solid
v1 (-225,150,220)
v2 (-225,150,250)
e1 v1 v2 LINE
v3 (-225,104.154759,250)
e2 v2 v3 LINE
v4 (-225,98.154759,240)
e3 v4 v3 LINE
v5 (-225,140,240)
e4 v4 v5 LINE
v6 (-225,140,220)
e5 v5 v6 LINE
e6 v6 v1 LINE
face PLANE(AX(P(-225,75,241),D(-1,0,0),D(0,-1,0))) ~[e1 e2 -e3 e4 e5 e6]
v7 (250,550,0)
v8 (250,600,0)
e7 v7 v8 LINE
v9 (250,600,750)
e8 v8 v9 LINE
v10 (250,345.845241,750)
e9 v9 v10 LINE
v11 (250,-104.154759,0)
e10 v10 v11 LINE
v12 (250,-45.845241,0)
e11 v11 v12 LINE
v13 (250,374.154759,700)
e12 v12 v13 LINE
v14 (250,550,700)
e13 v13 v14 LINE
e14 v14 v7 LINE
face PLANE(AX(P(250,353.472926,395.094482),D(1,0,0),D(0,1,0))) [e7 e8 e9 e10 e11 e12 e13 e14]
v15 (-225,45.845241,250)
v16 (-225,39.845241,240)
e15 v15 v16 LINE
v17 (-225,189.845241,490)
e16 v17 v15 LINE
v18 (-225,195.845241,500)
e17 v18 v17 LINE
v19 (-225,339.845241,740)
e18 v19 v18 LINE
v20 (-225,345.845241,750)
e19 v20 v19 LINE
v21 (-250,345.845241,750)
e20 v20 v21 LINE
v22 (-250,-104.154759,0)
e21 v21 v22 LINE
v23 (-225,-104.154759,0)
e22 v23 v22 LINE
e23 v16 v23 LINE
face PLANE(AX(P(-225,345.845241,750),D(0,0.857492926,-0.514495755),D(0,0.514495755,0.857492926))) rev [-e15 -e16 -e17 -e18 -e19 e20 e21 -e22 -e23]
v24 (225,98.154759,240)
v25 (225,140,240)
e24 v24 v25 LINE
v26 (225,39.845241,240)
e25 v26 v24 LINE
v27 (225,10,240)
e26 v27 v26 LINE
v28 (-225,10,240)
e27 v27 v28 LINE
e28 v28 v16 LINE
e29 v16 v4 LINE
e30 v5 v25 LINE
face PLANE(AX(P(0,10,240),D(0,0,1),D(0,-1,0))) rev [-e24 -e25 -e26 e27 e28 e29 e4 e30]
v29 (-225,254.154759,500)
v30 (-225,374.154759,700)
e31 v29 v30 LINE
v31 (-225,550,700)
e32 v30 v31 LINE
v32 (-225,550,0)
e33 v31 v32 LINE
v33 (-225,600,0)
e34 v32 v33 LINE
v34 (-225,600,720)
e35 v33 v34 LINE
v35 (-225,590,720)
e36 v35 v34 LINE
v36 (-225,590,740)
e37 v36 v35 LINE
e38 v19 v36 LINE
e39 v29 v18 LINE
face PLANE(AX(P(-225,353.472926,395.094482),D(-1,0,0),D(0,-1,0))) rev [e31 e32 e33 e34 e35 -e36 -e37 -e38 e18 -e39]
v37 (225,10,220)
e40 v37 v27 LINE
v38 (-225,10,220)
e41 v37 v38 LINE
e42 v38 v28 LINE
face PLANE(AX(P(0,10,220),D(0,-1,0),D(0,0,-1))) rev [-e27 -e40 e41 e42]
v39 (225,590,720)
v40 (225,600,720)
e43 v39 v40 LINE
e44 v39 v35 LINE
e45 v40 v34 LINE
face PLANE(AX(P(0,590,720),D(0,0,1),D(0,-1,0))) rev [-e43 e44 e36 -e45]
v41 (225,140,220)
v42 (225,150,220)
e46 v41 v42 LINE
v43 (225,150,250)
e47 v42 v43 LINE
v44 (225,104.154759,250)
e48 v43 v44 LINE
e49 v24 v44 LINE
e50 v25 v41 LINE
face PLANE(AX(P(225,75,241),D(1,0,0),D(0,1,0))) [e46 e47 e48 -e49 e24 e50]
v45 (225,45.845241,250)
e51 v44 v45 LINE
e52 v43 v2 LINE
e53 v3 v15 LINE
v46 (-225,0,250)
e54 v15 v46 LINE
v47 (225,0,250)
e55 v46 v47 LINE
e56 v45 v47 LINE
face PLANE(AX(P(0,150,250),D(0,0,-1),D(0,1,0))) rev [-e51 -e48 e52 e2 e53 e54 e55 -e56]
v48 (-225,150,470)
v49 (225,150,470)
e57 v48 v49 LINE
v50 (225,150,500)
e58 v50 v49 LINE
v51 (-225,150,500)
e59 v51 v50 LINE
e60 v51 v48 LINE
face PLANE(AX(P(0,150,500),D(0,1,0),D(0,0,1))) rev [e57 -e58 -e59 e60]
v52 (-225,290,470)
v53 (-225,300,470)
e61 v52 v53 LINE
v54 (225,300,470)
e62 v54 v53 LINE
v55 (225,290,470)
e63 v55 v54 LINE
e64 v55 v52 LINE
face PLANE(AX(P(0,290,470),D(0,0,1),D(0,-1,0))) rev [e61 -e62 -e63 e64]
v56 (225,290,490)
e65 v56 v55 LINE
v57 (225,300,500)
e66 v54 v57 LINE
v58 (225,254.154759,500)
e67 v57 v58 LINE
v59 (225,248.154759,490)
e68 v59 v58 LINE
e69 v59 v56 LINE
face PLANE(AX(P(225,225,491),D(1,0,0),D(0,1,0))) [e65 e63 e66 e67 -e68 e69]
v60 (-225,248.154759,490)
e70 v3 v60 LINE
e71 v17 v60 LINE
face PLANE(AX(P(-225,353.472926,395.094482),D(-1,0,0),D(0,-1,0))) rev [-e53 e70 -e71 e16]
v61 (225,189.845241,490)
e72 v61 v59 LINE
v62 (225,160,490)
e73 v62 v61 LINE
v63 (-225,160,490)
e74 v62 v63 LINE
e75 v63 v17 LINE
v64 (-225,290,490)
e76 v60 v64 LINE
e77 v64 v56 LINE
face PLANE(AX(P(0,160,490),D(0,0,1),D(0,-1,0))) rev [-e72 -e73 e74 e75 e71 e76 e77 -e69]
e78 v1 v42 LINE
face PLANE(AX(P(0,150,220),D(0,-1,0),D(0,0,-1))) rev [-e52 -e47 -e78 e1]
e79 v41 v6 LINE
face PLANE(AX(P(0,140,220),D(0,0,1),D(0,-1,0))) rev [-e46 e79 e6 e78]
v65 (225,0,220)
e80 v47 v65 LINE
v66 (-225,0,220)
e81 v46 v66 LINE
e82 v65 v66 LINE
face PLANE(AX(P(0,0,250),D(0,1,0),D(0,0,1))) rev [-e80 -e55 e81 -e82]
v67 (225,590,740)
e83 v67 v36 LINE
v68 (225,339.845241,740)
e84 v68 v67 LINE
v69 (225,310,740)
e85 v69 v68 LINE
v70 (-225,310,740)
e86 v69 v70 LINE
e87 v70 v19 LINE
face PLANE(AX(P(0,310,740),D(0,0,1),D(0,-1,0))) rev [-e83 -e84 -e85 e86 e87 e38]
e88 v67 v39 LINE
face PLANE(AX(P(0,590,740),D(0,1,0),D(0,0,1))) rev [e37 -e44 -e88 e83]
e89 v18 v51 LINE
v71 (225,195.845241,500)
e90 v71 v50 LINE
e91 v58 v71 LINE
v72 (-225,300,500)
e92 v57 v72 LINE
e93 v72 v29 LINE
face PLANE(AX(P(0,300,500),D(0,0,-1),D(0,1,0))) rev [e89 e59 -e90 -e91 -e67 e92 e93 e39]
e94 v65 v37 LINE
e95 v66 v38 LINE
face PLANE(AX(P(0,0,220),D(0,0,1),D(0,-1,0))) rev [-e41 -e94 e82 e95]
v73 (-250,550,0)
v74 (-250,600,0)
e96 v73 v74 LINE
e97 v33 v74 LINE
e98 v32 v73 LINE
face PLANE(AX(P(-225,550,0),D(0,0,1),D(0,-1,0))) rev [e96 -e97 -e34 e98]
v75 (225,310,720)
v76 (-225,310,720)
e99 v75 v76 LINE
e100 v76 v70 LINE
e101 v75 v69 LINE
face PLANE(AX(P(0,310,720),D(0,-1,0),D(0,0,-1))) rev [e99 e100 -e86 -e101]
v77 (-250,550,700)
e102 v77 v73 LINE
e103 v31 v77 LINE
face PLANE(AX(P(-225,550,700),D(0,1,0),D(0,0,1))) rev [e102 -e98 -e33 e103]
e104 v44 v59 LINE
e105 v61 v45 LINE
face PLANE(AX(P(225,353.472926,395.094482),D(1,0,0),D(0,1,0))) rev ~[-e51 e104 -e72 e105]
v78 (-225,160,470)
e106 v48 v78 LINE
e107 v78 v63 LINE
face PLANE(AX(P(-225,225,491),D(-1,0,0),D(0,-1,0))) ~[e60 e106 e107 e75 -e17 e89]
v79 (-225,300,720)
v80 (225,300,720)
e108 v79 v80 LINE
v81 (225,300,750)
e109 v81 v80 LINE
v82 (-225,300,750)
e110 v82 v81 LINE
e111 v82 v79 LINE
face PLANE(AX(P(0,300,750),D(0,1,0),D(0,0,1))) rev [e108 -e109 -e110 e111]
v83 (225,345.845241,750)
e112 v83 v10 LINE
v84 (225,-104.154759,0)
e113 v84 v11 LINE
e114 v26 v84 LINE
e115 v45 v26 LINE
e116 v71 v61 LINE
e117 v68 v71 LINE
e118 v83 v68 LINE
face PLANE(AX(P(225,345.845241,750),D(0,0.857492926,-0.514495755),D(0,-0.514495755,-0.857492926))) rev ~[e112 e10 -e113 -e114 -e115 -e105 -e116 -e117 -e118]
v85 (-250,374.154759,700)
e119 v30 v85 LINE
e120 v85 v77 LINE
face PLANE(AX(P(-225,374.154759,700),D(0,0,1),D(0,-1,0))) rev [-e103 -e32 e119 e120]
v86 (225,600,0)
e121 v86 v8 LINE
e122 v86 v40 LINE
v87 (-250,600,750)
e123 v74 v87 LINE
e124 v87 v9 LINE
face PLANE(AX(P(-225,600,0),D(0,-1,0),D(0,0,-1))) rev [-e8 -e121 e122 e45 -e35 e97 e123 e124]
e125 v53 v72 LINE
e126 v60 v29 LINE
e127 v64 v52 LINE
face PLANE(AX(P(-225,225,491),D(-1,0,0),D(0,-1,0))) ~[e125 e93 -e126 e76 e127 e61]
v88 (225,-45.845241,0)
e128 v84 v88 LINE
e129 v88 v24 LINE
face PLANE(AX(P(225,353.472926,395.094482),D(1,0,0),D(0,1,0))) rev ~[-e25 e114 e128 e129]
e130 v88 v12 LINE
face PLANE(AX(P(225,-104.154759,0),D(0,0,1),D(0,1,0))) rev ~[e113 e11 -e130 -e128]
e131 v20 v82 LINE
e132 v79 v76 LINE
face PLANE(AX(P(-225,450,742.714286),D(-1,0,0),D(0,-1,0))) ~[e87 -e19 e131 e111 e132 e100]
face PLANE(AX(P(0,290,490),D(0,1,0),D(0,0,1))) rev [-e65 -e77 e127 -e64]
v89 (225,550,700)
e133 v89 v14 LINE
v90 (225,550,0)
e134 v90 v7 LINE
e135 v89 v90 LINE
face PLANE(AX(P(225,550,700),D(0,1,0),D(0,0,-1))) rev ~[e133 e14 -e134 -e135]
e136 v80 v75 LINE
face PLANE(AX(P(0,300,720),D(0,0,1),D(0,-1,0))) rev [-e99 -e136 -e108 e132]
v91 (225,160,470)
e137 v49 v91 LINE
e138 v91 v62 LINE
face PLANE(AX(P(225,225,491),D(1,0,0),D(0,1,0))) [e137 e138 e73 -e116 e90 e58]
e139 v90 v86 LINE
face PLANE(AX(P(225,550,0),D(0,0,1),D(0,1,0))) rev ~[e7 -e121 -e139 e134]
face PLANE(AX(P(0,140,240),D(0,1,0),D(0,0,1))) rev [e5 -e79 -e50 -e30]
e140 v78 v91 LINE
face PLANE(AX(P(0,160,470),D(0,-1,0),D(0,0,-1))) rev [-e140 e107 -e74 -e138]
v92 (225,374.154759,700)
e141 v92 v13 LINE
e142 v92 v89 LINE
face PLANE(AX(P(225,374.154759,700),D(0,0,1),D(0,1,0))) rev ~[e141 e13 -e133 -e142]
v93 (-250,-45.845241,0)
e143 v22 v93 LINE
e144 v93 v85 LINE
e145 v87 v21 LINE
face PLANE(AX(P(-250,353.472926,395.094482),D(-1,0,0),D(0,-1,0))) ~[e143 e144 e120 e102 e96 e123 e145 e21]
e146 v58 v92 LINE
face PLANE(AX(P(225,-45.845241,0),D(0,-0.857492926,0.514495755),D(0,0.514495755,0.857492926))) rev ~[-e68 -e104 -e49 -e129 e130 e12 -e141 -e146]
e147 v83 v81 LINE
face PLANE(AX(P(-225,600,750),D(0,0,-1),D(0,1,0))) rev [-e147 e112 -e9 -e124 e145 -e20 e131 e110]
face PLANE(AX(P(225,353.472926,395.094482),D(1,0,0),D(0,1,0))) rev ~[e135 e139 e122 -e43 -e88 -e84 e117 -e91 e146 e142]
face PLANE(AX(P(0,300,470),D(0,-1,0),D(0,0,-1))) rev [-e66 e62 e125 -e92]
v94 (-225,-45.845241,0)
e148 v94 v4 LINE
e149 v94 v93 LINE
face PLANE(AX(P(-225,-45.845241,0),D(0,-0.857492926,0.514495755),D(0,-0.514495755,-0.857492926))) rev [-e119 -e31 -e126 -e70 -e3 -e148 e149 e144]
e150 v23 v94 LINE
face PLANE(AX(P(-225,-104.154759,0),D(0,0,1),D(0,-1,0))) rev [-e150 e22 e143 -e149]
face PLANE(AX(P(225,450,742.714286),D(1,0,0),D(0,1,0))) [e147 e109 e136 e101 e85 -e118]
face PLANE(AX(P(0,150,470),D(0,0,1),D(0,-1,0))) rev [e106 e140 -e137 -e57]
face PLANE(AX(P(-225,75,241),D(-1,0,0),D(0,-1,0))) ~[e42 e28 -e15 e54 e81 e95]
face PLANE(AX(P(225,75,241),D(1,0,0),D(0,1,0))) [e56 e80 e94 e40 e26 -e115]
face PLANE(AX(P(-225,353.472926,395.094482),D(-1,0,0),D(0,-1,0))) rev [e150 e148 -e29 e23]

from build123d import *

# Parameters (mm, degrees)
F1_DEPTH = 225
F3_DEPTH = 25


with BuildPart() as f1:
    # F0 (on Right) → F1 (new body)
    with BuildSketch(Plane.YZ):
        Polygon((150, 220), (150, 250), (0, 250), (0, 220), (10, 220), (10, 240), (140, 240), (140, 220), align=None)
    extrude(amount=F1_DEPTH)



with BuildPart() as f1b:
    # F0 (on Right) → F1, piece 2 (new body)
    with BuildSketch(Plane.YZ):
        Polygon((160, 470), (160, 490), (290, 490), (290, 470), (300, 470), (300, 500), (150, 500), (150, 470), align=None)
    extrude(amount=F1_DEPTH)


with BuildPart() as f1c:
    # F0 (on Right) → F1, piece 3 (new body)
    with BuildSketch(Plane.YZ):
        Polygon((300, 750), (300, 720), (310, 720), (310, 740), (590, 740), (590, 720), (600, 720), (600, 750), align=None)
    extrude(amount=F1_DEPTH)


with BuildPart() as f1_1:
    add(f1.part)

    add(f1b.part)  # F3 merges F1b

    add(f1c.part)  # F3 merges F1c
    # F2 (on face) → F3 (join)
    with BuildSketch(Plane.YZ.offset(225)):
        Polygon((600, 0), (600, 750), (345.8452405258, 750), (-104.1547594742, 0), (-45.8452405258, 0), (374.1547594742, 700), (550, 700), (550, 0), align=None)
    extrude(amount=F3_DEPTH)

    # F4: F1 across plane


with BuildPart() as f1_2:
    add(f1_1.part)
    add(f1_1.part.mirror(Plane.YZ))


solid = f1_2.part
